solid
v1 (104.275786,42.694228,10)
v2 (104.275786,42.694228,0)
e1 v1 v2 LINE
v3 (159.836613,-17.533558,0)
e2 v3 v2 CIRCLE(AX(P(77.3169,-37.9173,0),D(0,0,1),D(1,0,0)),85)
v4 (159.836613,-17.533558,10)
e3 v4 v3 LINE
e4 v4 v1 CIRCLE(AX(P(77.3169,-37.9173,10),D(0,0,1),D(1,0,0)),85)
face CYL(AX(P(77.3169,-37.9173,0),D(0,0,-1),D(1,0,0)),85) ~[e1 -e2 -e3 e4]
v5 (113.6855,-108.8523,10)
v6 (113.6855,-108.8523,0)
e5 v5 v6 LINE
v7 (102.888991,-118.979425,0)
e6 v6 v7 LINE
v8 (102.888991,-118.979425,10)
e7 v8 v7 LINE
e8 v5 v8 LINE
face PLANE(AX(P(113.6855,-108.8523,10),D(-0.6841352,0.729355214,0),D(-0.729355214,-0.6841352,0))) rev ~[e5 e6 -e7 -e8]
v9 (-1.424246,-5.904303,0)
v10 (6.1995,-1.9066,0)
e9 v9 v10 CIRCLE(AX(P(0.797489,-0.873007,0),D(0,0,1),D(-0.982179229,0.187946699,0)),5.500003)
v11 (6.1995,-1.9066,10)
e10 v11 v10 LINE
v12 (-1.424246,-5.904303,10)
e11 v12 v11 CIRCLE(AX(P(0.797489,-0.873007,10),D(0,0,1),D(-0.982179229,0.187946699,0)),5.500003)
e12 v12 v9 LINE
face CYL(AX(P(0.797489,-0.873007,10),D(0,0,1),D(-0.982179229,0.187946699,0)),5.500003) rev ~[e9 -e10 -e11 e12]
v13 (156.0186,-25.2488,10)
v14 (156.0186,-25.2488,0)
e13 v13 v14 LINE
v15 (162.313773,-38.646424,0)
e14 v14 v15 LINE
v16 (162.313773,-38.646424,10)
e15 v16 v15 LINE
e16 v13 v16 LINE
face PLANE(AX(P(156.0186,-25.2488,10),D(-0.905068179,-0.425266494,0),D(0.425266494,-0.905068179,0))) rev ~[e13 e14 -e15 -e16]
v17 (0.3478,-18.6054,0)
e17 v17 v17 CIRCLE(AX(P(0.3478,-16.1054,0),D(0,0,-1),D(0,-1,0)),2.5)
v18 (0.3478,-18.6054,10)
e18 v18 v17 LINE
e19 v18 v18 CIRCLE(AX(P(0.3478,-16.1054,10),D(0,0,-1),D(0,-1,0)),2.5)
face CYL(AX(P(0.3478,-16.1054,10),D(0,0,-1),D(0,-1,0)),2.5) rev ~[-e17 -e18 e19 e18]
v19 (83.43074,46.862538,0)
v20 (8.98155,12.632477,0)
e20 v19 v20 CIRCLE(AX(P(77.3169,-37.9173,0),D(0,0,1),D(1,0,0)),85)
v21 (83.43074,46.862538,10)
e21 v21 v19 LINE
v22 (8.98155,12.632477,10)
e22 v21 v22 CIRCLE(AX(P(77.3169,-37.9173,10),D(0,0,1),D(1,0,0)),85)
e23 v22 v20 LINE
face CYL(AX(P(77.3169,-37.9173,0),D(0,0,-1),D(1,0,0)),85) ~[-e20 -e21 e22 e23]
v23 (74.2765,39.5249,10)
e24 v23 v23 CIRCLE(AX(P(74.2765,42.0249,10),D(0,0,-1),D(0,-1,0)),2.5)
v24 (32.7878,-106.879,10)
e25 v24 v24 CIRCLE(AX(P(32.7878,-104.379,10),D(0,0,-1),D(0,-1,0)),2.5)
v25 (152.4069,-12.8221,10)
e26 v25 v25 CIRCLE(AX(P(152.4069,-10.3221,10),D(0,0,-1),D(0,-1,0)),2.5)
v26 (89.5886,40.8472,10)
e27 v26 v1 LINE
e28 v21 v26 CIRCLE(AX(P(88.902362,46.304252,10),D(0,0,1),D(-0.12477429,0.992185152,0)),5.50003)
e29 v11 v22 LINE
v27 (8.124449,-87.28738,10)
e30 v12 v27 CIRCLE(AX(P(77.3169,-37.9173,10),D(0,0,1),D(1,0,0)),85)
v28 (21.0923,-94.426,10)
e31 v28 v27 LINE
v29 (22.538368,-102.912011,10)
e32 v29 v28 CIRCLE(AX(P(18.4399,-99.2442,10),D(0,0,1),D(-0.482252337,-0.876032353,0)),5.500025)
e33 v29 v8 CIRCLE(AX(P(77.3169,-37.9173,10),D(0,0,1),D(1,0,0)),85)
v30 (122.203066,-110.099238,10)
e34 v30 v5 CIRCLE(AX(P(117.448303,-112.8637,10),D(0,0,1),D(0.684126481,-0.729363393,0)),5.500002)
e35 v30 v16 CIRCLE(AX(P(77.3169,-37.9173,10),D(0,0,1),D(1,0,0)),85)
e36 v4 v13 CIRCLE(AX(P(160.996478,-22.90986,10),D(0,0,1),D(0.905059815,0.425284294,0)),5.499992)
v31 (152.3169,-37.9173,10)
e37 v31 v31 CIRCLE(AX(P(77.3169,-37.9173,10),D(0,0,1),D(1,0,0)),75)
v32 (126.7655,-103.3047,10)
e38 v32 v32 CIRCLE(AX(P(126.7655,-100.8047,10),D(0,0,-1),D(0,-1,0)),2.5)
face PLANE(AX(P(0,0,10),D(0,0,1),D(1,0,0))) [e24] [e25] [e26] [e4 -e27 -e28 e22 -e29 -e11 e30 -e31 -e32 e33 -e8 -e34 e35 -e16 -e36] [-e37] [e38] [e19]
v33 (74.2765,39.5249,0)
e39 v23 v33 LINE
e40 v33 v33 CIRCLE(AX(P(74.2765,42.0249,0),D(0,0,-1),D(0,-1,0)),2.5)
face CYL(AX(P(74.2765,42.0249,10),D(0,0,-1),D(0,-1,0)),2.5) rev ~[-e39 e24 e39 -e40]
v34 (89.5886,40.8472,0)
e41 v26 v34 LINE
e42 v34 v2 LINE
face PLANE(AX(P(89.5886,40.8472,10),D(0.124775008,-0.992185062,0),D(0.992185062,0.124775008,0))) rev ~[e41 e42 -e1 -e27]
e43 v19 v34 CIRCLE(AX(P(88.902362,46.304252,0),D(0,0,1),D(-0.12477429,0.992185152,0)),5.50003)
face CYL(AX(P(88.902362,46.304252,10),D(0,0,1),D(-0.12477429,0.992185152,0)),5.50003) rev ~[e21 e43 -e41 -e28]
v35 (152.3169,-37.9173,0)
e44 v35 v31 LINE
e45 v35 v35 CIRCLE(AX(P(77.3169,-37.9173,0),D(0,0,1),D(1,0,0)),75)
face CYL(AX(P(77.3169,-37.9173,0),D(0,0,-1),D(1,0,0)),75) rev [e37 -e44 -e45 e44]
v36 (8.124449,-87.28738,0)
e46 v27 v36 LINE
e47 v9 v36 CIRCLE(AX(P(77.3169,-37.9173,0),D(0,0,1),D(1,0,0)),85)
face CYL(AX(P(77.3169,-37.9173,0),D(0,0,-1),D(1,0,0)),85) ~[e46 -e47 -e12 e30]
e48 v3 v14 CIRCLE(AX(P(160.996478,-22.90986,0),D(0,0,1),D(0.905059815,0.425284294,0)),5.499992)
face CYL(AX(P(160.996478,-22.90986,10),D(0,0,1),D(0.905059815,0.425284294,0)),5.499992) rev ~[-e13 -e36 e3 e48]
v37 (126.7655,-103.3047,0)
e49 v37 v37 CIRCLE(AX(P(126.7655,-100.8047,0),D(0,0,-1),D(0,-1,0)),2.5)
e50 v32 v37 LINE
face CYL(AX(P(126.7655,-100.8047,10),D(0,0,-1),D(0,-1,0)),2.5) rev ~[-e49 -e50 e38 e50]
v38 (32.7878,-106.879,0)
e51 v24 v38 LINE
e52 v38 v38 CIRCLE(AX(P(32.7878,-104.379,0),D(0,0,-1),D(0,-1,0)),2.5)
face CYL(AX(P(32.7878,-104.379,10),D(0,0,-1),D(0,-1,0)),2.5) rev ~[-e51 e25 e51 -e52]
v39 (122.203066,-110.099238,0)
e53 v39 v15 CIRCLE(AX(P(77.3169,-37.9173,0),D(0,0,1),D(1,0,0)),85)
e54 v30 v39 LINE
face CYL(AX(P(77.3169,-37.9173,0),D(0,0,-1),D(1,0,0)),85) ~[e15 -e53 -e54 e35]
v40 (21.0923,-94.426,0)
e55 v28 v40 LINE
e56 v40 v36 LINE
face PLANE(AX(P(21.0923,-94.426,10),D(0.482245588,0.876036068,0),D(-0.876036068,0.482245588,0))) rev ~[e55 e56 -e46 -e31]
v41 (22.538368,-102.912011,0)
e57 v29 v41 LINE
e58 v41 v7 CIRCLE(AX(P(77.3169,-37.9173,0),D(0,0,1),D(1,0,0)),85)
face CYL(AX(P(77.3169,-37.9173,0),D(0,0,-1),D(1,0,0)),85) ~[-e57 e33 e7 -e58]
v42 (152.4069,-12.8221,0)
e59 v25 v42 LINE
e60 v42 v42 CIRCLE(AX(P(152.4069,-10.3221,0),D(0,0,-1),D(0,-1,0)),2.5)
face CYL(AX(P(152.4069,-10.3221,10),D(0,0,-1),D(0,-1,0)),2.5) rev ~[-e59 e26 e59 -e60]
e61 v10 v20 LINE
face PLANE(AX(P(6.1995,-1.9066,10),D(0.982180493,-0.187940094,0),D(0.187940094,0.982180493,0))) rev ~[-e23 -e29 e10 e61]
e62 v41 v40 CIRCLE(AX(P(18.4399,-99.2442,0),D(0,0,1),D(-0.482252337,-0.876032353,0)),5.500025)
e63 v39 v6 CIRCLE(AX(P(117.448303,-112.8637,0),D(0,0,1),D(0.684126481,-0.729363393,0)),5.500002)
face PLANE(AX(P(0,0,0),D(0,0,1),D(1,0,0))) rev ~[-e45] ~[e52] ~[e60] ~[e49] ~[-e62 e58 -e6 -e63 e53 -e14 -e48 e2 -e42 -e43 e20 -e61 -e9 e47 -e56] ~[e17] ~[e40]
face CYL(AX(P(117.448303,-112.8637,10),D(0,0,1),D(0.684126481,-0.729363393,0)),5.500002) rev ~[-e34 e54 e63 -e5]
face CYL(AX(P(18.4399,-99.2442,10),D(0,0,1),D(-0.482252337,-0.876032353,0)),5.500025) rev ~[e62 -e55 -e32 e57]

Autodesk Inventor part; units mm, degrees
ref_plane "YZ Plane" through (0, 0, 0) normal (1, 0, 0) x (0, 1, 0)
ref_plane "XZ Plane" through (0, 0, 0) normal (0, 1, 0) x (-1, 0, 0)
ref_plane "XY Plane" through (0, 0, 0) normal (0, 0, 1) x (1, 0, 0)
sketch "Sketch1" plane through (0, 0, 0) normal (0, 0, 1) x (1, 0, 0)
  circle A0 centre (77.3169, -37.9173) radius 75
  circle A1 centre (77.3169, -37.9173) radius 85
  circle A2 centre (77.3169, -37.9173) radius 75 projected
  point P0 (0, 0)
  dimension "d0" = 150
  dimension "d1" = 170
extrude "Extrusion1" add sketch "Sketch1" along normal blind 10
sketch "Sketch3" plane through (77.3169, -37.9173, 10) normal (0, 0, 1) x (1, 0, 0)
  circle A0 centre (-76.5194, 37.0443) radius 2.5 construction
  circle A1 centre (-58.877, -61.3269) radius 2.5 construction
  circle A2 centre (40.1314, -74.9464) radius 2.5 construction
  circle A3 centre (83.6796, 15.0075) radius 2.5 construction
  circle A4 centre (11.5854, 84.2216) radius 2.5 construction
  line L0 (40.1314, -74.9464) -> (25.5443, -88.6291) construction
  line L1 (36.3686, -70.935) -> (21.7815, -84.6177)
  line L2 (29.307, -92.6406) -> (43.8941, -78.9579)
  arc A5 (43.8941, -78.9579) -> (36.3686, -70.935) centre (40.1314, -74.9464) ccw
  arc A6 (21.7815, -84.6177) -> (29.307, -92.6406) centre (25.5443, -88.6291) ccw
  line L3 (40.1314, -74.9464) -> (48.951, -91.4173) construction
  circle A7 centre (0, 0) radius 85 construction
  line L4 (78.7017, 12.6685) -> (87.207, -5.4328)
  line L5 (97.1628, -0.7549) -> (88.6574, 17.3465)
  arc A8 (88.6574, 17.3465) -> (78.7017, 12.6685) centre (83.6796, 15.0075) ccw
  arc A9 (87.207, -5.4328) -> (97.1628, -0.7549) centre (92.1849, -3.0939) ccw
  line L6 (12.2717, 78.7645) -> (32.1154, 81.26)
  line L7 (30.7429, 92.174) -> (10.8992, 89.6786)
  arc A10 (10.8992, 89.6786) -> (12.2717, 78.7645) centre (11.5854, 84.2216) ccw
  arc A11 (32.1154, 81.26) -> (30.7429, 92.174) centre (31.4292, 86.717) ccw
  line L8 (-71.1174, 36.0107) -> (-67.3586, 55.6543)
  line L9 (-78.1626, 57.7216) -> (-81.9214, 38.078)
  arc A12 (-81.9214, 38.078) -> (-71.1174, 36.0107) centre (-76.5194, 37.0443) ccw
  arc A13 (-67.3586, 55.6543) -> (-78.1626, 57.7216) centre (-72.7606, 56.6879) ccw
  line L10 (-56.2246, -56.5087) -> (-73.7453, -46.8638)
  line L11 (-79.0501, -56.5001) -> (-61.5294, -66.1451)
  arc A14 (-61.5294, -66.1451) -> (-56.2246, -56.5087) centre (-58.877, -61.3269) ccw
  arc A15 (-73.7453, -46.8638) -> (-79.0501, -56.5001) centre (-76.3977, -51.6819) ccw
  point P0 (-77.3169, 37.9173)
  point P1 (32.8378, -81.7878)
  dimension "d22" = 11
  dimension "d23" = 75
  dimension "d24" = 20
  dimension "d27" = 360
extrude "Extrusion5" cut sketch "Sketch3" against normal blind 10
sketch "Sketch4" plane through (0, 0, 10) normal (0, 0, 1) x (1, 0, 0)
  circle A0 centre (0.3478, -16.1054) radius 2.5 projected
  circle A1 centre (32.7878, -104.379) radius 2.5 projected
  circle A2 centre (126.7655, -100.8047) radius 2.5 projected
  circle A3 centre (152.4069, -10.3221) radius 2.5 projected
  circle A4 centre (74.2765, 42.0249) radius 2.5 projected
  point P0 (0, 0)
hole "Hole1" at (32.7878, -104.379, 10) at (126.7655, -100.8047, 10) at (152.4069, -10.3221, 10) at (74.2765, 42.0249, 10) at (0.3478, -16.1054, 10) direction (0, 0, -1) diameter 5 end through all
properties part number "innerring"
